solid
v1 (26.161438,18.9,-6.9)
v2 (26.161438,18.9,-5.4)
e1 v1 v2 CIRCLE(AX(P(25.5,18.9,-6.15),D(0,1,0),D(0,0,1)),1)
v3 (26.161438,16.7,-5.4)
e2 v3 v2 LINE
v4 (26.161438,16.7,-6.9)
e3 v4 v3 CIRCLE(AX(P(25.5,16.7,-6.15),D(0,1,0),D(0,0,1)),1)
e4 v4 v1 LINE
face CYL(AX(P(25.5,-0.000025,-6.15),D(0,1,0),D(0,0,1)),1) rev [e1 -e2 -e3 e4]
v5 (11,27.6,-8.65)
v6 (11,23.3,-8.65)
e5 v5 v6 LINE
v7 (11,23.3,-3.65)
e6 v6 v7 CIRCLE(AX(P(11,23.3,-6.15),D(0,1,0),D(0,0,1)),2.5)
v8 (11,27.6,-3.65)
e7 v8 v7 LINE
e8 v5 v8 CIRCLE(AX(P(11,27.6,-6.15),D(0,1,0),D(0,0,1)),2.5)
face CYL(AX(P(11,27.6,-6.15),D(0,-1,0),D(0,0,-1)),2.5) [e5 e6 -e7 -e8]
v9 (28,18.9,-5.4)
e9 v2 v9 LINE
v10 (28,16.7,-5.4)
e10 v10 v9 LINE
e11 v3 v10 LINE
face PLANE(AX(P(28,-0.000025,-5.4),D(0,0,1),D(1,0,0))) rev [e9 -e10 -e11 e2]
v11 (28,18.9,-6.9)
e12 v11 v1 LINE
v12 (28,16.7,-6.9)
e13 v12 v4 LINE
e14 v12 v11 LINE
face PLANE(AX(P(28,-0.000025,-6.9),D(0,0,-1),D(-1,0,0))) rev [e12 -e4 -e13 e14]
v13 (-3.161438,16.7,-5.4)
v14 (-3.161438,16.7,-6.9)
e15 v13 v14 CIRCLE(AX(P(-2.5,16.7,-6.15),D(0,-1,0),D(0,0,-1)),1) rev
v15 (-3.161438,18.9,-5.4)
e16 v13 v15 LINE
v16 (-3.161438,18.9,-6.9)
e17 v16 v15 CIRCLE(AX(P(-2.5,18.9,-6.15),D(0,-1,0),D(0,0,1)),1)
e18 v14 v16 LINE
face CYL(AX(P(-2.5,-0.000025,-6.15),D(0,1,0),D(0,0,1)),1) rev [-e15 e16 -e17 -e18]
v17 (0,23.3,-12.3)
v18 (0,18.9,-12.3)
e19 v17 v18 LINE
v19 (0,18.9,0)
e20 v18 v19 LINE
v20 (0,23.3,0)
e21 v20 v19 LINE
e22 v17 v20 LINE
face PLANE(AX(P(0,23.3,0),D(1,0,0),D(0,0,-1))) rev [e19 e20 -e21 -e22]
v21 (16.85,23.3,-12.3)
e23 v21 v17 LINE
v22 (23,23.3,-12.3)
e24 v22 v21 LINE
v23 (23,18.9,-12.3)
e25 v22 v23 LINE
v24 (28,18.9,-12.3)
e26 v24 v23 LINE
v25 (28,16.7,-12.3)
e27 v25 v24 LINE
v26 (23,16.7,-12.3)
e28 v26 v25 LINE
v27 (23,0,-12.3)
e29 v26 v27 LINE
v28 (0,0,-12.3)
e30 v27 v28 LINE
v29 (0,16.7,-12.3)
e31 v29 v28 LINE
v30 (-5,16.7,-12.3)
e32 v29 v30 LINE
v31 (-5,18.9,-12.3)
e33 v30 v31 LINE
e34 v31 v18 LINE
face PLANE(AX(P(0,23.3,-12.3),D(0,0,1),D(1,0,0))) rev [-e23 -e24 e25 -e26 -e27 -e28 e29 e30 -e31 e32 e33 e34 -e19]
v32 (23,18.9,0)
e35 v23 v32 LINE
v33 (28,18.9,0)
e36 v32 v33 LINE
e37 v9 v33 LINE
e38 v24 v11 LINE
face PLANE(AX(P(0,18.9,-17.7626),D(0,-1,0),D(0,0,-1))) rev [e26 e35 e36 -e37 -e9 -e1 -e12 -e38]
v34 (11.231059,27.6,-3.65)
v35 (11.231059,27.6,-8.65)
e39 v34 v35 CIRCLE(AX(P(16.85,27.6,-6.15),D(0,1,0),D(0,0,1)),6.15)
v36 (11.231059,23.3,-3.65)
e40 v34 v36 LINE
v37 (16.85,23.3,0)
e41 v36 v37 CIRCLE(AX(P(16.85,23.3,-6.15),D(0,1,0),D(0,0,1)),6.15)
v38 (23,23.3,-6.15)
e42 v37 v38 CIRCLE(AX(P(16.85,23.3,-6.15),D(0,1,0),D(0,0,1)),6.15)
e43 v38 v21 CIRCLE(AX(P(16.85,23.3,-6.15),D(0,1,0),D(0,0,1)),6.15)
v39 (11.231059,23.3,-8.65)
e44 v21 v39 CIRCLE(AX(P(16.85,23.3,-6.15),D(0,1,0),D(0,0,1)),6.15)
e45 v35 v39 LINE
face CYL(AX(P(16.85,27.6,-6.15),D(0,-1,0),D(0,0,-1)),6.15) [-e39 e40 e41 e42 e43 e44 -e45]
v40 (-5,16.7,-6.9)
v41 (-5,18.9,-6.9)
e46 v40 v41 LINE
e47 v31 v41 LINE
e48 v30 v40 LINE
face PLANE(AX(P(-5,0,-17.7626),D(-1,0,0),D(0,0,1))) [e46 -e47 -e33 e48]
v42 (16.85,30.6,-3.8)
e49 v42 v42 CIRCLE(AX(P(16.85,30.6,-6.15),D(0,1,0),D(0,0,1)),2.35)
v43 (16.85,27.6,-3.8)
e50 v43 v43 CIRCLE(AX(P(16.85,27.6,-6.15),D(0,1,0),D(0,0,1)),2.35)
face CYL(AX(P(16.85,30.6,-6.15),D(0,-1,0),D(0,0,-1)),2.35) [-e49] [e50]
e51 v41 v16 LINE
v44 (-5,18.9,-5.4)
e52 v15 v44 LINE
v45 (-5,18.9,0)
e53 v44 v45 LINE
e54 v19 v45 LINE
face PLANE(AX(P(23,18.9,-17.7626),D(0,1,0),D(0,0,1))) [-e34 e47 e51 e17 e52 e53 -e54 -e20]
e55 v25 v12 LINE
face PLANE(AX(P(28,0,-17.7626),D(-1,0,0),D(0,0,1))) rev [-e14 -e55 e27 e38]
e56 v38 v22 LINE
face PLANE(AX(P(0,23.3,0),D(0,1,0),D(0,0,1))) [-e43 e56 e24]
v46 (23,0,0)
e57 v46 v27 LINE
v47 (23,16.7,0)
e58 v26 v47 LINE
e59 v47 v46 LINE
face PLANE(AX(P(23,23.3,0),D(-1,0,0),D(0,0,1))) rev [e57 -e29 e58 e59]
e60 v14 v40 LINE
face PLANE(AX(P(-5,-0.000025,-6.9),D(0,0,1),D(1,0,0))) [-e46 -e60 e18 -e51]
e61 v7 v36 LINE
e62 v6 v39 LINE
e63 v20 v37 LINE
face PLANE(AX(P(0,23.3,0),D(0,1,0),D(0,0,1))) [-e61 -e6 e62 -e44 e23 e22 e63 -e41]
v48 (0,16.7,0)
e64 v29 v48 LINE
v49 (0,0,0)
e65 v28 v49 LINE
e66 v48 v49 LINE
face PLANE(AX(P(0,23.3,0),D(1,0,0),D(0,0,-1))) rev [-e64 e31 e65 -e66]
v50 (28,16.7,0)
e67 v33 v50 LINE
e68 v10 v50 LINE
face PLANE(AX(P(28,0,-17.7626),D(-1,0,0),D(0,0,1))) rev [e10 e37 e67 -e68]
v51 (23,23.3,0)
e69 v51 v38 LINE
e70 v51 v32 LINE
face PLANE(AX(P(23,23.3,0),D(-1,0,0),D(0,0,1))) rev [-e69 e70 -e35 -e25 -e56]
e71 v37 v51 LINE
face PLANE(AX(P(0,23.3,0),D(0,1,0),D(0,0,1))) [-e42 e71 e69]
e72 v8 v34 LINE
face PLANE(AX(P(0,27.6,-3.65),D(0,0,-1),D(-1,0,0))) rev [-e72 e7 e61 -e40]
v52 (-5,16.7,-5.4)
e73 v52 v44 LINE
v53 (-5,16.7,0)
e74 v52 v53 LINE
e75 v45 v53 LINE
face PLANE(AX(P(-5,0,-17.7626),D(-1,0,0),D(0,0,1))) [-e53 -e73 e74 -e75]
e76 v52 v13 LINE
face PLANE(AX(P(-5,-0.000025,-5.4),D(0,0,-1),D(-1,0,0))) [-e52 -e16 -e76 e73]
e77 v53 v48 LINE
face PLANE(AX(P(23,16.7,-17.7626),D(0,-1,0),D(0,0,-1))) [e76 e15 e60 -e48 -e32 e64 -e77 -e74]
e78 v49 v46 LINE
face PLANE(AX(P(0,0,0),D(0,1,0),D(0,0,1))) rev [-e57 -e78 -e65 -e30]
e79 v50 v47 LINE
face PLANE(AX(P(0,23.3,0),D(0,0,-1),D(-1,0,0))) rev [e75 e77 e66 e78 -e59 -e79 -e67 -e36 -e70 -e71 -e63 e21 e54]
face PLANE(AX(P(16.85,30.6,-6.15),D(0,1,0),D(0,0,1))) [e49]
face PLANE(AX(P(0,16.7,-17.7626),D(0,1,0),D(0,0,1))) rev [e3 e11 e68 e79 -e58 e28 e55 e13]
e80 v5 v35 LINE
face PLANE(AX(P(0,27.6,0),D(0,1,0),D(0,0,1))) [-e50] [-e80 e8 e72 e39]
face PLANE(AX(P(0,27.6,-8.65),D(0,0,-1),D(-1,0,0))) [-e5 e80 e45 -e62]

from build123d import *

# Parameters (mm, degrees)
SKETCH_1_W          = 23
SKETCH_1_H          = 12.3
EXTRUDE_1_DEPTH     = 23.3
SKETCH_3_W          = 5
SKETCH_3_H          = 2.2
EXTRUDE_2_DEPTH     = 12.3
CUT_EXTRUDE_1_DEPTH = 36.951356024
EXTRUDE_3_DEPTH     = 4.3
SKETCH_6_R          = 2.35
EXTRUDE_4_DEPTH     = 3


with BuildPart() as part:
    # Эскиз1 → Бобышка-Вытянуть1 (new body)
    with BuildSketch(Plane(origin=(0, 0, 0), x_dir=(1, 0, 0), z_dir=(0, 1, 0))):
        with Locations((11.5, 6.15)):
            Rectangle(SKETCH_1_W, SKETCH_1_H)
    extrude(amount=EXTRUDE_1_DEPTH)

    # Эскиз3 → Бобышка-Вытянуть2 (add)
    with BuildSketch(Plane.XY):
        with Locations((25.5, 17.8)):
            Rectangle(SKETCH_3_W, SKETCH_3_H)
    extrude_2 = extrude(amount=-EXTRUDE_2_DEPTH)

    # Эскиз4 → Вырез-Вытянуть1 (cut, through all)
    with BuildSketch(Plane(origin=(0, 18.9, 0), x_dir=(1, 0, 0), z_dir=(0, 1, 0))):
        with BuildLine():
            Line((28, 6.15), (28, 6.9))
            Line((28, 6.9), (26.161437828, 6.9))
            ThreePointArc((26.161437828, 6.9), (24.5, 6.15), (26.161437828, 5.4))
            Line((26.161437828, 5.4), (28, 5.4))
            Line((28, 5.4), (28, 6.15))
        make_face()
    cut_extrude_1 = extrude(amount=-CUT_EXTRUDE_1_DEPTH, mode=Mode.SUBTRACT)

    # Зеркальное отражение2: Бобышка-Вытянуть2, Вырез-Вытянуть1 across plane
    add(extrude_2.mirror(Plane.ZY.offset(-11.5)))
    add(cut_extrude_1.mirror(Plane.ZY.offset(-11.5)), mode=Mode.SUBTRACT)

    # Эскиз5 → Бобышка-Вытянуть3 (add)
    with BuildSketch(Plane(origin=(0, 23.3, 0), x_dir=(1, 0, 0), z_dir=(0, 1, 0))):
        with BuildLine():
            Line((11, 3.65), (11.231058819, 3.65))
            ThreePointArc((11.231058819, 3.65), (23, 6.15), (11.231058819, 8.65))
            Line((11.231058819, 8.65), (11, 8.65))
            ThreePointArc((11, 8.65), (8.5, 6.15), (11, 3.65))
        make_face()
    extrude(amount=EXTRUDE_3_DEPTH)

    # Эскиз6 → Бобышка-Вытянуть4 (add)
    with BuildSketch(Plane(origin=(0, 27.6, 0), x_dir=(1, 0, 0), z_dir=(0, 1, 0))):
        with Locations(Location((16.85, 6.15, 0), (0, 0, 270))):
            Circle(SKETCH_6_R)
    extrude(amount=EXTRUDE_4_DEPTH)


solid = part.part
